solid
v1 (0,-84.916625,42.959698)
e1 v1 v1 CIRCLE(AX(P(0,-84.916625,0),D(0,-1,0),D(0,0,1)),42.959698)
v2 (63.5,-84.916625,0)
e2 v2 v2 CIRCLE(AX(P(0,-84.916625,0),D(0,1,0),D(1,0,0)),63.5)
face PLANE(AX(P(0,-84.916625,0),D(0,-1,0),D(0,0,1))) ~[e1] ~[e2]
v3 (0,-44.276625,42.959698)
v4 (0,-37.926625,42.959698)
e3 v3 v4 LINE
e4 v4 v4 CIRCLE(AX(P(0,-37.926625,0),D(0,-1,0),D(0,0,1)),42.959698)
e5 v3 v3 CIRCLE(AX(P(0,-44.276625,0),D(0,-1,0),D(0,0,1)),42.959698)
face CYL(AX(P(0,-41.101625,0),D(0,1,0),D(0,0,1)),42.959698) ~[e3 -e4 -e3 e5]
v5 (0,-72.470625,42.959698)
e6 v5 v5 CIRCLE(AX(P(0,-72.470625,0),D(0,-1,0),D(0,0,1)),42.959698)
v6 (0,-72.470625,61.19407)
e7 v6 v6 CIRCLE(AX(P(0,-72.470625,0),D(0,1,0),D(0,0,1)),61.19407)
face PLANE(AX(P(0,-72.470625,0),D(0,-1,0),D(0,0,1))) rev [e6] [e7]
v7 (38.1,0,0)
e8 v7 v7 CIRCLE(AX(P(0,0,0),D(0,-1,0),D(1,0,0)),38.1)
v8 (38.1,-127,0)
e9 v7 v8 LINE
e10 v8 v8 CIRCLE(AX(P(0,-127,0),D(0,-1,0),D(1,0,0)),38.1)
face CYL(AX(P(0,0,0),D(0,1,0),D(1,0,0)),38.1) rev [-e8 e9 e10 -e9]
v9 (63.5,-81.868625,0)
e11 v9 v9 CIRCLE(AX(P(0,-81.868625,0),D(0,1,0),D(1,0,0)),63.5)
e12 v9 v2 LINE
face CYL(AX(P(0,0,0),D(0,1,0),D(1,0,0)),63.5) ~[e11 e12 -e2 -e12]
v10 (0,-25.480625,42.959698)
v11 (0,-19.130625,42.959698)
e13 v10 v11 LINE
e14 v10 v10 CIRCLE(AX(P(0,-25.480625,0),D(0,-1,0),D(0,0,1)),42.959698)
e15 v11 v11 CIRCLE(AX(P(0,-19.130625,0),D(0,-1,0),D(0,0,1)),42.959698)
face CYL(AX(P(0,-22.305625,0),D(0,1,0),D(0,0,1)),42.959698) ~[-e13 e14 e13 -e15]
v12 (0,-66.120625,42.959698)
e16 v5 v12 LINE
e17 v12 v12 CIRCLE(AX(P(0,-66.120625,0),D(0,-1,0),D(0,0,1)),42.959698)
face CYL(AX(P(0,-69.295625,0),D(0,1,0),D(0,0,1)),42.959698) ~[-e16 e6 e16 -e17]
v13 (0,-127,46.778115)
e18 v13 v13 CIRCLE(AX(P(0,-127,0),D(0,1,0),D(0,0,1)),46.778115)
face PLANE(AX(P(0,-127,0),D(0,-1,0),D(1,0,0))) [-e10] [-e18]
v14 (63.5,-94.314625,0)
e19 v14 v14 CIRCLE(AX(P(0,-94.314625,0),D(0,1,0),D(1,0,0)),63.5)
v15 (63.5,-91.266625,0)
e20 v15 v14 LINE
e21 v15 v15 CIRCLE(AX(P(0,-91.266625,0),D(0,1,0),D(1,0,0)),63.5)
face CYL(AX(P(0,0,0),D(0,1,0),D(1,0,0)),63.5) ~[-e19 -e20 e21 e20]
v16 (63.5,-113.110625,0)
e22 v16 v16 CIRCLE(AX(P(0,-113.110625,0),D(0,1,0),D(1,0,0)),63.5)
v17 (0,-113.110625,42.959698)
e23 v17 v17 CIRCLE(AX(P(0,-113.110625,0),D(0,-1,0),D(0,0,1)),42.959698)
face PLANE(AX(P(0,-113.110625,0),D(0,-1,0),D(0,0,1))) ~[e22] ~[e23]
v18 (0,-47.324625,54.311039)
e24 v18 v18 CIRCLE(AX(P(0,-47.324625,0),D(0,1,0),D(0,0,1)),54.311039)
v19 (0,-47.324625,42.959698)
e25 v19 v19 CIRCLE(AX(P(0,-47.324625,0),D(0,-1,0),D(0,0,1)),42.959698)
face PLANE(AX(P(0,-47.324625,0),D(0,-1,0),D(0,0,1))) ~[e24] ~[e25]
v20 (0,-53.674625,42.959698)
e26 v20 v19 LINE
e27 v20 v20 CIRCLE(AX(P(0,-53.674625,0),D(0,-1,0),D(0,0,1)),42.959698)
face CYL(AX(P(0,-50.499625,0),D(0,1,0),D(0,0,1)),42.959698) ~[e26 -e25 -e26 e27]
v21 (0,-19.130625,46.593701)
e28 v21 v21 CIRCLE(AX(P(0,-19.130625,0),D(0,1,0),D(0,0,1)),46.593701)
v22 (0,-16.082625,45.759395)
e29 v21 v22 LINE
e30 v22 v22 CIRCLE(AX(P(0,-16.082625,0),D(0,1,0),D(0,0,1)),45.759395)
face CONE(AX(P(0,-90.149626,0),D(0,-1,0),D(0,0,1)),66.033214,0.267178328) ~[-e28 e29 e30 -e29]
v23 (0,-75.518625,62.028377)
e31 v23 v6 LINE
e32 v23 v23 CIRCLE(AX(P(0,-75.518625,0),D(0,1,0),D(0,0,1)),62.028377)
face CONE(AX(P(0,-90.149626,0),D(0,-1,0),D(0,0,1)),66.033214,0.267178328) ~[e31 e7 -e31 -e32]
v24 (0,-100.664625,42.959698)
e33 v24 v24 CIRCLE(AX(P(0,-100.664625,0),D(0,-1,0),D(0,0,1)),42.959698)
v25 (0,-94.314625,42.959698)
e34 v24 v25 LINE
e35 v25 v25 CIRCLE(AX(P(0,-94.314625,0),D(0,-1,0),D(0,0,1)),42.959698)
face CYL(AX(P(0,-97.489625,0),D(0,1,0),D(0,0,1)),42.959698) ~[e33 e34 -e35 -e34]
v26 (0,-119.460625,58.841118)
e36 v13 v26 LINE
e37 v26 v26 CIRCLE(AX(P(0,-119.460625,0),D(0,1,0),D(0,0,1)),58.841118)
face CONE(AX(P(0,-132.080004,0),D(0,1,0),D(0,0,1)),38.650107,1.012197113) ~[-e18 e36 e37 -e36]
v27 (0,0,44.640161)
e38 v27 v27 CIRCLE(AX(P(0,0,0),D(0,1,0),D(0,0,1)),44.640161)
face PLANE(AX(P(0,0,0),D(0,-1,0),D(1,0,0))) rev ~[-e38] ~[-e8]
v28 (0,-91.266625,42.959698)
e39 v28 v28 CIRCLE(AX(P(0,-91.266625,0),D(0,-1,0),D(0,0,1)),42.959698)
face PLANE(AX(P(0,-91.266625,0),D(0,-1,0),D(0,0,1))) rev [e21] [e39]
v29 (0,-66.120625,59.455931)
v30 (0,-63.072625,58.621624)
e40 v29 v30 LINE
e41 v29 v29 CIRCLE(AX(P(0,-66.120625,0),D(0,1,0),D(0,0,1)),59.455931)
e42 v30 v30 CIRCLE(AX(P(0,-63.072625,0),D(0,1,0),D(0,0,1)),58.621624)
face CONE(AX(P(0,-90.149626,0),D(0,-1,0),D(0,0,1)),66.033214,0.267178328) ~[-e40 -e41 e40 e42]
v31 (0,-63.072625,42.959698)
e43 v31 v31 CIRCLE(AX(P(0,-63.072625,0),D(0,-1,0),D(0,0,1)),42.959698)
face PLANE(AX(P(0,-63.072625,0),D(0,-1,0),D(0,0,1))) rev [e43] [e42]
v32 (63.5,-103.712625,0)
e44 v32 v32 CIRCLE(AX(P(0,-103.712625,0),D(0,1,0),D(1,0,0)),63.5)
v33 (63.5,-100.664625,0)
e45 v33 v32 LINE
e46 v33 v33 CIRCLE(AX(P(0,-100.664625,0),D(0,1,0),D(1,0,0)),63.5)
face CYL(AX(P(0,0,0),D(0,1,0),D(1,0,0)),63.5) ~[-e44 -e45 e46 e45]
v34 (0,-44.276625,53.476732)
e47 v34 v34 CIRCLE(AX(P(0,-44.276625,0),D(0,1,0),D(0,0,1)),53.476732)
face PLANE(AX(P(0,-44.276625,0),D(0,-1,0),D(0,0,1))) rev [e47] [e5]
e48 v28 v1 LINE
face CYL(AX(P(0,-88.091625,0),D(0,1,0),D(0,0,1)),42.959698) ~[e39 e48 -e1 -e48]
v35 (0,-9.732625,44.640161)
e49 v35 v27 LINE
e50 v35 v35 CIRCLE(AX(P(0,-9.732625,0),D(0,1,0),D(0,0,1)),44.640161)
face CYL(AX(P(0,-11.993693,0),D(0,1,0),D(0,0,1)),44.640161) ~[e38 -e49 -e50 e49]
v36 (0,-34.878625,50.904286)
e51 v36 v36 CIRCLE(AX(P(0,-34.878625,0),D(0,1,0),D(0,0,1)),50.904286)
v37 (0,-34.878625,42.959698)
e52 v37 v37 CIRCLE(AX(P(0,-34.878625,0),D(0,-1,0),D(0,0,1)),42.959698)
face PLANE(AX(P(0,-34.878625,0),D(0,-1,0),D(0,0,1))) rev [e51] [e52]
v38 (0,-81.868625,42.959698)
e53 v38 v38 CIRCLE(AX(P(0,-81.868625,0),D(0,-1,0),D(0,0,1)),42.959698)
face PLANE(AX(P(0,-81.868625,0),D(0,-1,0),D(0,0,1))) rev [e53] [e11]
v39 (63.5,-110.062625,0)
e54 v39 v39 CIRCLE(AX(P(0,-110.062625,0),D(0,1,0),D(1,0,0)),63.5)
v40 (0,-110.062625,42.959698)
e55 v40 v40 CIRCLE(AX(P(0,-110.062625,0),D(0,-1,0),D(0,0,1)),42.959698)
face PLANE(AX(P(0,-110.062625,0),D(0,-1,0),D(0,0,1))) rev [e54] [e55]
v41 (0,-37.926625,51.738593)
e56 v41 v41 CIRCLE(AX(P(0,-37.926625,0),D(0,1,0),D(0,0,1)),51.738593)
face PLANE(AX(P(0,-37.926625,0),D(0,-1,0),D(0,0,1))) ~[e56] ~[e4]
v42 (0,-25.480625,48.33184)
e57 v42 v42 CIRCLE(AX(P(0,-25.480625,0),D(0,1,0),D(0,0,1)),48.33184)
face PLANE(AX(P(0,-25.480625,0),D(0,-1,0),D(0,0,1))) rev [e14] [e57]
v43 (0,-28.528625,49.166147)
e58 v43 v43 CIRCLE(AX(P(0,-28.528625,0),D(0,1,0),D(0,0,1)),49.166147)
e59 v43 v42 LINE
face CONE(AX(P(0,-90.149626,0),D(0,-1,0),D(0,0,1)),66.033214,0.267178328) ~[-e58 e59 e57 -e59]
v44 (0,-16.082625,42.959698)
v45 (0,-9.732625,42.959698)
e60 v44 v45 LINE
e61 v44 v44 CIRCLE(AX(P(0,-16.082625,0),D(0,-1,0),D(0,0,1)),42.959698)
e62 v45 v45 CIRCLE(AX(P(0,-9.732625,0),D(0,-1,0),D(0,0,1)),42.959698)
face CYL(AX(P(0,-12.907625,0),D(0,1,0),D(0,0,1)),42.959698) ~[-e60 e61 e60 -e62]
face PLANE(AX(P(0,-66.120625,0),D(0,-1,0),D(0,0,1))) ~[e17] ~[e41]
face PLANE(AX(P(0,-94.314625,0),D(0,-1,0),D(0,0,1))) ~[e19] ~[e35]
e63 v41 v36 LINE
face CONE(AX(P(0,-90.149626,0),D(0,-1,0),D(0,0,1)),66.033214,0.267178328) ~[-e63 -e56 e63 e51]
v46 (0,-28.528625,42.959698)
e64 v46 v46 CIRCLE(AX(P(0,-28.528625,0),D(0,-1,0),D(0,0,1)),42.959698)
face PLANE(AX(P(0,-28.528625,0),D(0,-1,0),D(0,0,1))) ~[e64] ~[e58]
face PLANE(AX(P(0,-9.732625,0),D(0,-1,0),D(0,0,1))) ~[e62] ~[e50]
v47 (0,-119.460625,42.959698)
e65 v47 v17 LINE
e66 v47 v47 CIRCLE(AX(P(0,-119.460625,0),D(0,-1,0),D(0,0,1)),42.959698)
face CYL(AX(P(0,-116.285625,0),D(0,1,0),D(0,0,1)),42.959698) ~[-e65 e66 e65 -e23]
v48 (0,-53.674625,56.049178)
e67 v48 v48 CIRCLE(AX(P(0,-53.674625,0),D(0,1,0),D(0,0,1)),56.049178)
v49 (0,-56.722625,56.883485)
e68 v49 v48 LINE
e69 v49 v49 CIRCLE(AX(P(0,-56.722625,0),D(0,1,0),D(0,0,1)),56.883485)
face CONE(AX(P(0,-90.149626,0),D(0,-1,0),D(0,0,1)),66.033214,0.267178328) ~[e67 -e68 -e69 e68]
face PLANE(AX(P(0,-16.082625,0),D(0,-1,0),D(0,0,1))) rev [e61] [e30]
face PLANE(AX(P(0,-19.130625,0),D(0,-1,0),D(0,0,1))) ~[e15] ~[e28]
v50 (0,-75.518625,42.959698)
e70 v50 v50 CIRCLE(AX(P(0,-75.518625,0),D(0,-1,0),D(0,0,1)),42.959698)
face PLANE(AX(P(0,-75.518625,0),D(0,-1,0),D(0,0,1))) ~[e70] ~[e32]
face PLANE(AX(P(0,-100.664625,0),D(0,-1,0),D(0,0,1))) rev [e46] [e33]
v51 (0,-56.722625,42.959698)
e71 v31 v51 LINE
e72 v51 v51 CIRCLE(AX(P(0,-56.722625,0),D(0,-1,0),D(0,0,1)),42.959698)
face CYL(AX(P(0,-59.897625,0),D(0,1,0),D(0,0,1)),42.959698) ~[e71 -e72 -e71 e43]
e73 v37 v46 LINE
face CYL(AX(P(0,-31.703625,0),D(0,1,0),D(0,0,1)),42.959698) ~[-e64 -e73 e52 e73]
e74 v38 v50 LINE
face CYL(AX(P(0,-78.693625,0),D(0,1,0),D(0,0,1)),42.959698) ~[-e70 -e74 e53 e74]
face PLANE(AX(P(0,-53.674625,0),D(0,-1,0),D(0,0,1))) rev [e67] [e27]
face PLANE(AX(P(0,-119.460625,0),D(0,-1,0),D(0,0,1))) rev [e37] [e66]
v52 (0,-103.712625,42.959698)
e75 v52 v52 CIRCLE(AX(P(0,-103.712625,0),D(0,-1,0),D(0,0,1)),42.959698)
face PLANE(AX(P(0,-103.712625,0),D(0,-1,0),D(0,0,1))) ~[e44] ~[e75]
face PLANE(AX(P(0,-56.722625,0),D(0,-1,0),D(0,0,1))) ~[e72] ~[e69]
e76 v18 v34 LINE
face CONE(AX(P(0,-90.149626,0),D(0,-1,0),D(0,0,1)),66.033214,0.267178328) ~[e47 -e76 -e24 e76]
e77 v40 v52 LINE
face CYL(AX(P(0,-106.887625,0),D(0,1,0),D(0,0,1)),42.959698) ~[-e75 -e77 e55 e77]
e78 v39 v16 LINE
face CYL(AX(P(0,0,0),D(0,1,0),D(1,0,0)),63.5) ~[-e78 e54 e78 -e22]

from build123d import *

# Parameters (mm, degrees)
F0_R     = 63.5
F0_R_2   = 38.1
F1_DEPTH = 127
F2_W     = 6.35
F2_H     = 40.64


with BuildPart() as f1:
    # F0 (on Front) → F1 (new body)
    with BuildSketch(Plane.XZ):
        Circle(F0_R)
        Circle(F0_R_2, mode=Mode.SUBTRACT)
    extrude(amount=F1_DEPTH)

    # F2 (on Right) → F3 (revolve, cut)
    with BuildSketch(Plane.YZ):
        with Locations((-12.907625, 63.279698)):
            Rectangle(F2_W, F2_H)
        with Locations((-22.305625, 63.279698)):
            Rectangle(F2_W, F2_H)
        with Locations((-31.703625, 63.279698)):
            Rectangle(F2_W, F2_H)
        with Locations((-41.101625, 63.279698)):
            Rectangle(F2_W, F2_H)
        with Locations((-50.499625, 63.279698)):
            Rectangle(F2_W, F2_H)
        with Locations((-59.897625, 63.279698)):
            Rectangle(F2_W, F2_H)
        with Locations((-69.295625, 63.279698)):
            Rectangle(F2_W, F2_H)
        with Locations((-78.693625, 63.279698)):
            Rectangle(F2_W, F2_H)
        with Locations((-88.091625, 63.279698)):
            Rectangle(F2_W, F2_H)
        with Locations((-97.489625, 63.279698)):
            Rectangle(F2_W, F2_H)
        with Locations((-106.887625, 63.279698)):
            Rectangle(F2_W, F2_H)
        with Locations((-116.285625, 63.279698)):
            Rectangle(F2_W, F2_H)
    revolve(axis=Axis((0, 0, 0), (0, -1, 0)), mode=Mode.SUBTRACT)

    # F4 (on Right) → F5 (revolve, cut)
    with BuildSketch(Plane.YZ):
        Polygon((-137.784824, 68.600371), (-132.080004, 38.650107), (-114.965566, 66.033214), (-90.149626, 66.033214), (-11.993693, 44.640161), (6.54695, 44.640161), (6.54695, 68.600371), align=None)
    revolve(axis=Axis((0, -127, 0), (0, -1, 0)), mode=Mode.SUBTRACT)


solid = f1.part
